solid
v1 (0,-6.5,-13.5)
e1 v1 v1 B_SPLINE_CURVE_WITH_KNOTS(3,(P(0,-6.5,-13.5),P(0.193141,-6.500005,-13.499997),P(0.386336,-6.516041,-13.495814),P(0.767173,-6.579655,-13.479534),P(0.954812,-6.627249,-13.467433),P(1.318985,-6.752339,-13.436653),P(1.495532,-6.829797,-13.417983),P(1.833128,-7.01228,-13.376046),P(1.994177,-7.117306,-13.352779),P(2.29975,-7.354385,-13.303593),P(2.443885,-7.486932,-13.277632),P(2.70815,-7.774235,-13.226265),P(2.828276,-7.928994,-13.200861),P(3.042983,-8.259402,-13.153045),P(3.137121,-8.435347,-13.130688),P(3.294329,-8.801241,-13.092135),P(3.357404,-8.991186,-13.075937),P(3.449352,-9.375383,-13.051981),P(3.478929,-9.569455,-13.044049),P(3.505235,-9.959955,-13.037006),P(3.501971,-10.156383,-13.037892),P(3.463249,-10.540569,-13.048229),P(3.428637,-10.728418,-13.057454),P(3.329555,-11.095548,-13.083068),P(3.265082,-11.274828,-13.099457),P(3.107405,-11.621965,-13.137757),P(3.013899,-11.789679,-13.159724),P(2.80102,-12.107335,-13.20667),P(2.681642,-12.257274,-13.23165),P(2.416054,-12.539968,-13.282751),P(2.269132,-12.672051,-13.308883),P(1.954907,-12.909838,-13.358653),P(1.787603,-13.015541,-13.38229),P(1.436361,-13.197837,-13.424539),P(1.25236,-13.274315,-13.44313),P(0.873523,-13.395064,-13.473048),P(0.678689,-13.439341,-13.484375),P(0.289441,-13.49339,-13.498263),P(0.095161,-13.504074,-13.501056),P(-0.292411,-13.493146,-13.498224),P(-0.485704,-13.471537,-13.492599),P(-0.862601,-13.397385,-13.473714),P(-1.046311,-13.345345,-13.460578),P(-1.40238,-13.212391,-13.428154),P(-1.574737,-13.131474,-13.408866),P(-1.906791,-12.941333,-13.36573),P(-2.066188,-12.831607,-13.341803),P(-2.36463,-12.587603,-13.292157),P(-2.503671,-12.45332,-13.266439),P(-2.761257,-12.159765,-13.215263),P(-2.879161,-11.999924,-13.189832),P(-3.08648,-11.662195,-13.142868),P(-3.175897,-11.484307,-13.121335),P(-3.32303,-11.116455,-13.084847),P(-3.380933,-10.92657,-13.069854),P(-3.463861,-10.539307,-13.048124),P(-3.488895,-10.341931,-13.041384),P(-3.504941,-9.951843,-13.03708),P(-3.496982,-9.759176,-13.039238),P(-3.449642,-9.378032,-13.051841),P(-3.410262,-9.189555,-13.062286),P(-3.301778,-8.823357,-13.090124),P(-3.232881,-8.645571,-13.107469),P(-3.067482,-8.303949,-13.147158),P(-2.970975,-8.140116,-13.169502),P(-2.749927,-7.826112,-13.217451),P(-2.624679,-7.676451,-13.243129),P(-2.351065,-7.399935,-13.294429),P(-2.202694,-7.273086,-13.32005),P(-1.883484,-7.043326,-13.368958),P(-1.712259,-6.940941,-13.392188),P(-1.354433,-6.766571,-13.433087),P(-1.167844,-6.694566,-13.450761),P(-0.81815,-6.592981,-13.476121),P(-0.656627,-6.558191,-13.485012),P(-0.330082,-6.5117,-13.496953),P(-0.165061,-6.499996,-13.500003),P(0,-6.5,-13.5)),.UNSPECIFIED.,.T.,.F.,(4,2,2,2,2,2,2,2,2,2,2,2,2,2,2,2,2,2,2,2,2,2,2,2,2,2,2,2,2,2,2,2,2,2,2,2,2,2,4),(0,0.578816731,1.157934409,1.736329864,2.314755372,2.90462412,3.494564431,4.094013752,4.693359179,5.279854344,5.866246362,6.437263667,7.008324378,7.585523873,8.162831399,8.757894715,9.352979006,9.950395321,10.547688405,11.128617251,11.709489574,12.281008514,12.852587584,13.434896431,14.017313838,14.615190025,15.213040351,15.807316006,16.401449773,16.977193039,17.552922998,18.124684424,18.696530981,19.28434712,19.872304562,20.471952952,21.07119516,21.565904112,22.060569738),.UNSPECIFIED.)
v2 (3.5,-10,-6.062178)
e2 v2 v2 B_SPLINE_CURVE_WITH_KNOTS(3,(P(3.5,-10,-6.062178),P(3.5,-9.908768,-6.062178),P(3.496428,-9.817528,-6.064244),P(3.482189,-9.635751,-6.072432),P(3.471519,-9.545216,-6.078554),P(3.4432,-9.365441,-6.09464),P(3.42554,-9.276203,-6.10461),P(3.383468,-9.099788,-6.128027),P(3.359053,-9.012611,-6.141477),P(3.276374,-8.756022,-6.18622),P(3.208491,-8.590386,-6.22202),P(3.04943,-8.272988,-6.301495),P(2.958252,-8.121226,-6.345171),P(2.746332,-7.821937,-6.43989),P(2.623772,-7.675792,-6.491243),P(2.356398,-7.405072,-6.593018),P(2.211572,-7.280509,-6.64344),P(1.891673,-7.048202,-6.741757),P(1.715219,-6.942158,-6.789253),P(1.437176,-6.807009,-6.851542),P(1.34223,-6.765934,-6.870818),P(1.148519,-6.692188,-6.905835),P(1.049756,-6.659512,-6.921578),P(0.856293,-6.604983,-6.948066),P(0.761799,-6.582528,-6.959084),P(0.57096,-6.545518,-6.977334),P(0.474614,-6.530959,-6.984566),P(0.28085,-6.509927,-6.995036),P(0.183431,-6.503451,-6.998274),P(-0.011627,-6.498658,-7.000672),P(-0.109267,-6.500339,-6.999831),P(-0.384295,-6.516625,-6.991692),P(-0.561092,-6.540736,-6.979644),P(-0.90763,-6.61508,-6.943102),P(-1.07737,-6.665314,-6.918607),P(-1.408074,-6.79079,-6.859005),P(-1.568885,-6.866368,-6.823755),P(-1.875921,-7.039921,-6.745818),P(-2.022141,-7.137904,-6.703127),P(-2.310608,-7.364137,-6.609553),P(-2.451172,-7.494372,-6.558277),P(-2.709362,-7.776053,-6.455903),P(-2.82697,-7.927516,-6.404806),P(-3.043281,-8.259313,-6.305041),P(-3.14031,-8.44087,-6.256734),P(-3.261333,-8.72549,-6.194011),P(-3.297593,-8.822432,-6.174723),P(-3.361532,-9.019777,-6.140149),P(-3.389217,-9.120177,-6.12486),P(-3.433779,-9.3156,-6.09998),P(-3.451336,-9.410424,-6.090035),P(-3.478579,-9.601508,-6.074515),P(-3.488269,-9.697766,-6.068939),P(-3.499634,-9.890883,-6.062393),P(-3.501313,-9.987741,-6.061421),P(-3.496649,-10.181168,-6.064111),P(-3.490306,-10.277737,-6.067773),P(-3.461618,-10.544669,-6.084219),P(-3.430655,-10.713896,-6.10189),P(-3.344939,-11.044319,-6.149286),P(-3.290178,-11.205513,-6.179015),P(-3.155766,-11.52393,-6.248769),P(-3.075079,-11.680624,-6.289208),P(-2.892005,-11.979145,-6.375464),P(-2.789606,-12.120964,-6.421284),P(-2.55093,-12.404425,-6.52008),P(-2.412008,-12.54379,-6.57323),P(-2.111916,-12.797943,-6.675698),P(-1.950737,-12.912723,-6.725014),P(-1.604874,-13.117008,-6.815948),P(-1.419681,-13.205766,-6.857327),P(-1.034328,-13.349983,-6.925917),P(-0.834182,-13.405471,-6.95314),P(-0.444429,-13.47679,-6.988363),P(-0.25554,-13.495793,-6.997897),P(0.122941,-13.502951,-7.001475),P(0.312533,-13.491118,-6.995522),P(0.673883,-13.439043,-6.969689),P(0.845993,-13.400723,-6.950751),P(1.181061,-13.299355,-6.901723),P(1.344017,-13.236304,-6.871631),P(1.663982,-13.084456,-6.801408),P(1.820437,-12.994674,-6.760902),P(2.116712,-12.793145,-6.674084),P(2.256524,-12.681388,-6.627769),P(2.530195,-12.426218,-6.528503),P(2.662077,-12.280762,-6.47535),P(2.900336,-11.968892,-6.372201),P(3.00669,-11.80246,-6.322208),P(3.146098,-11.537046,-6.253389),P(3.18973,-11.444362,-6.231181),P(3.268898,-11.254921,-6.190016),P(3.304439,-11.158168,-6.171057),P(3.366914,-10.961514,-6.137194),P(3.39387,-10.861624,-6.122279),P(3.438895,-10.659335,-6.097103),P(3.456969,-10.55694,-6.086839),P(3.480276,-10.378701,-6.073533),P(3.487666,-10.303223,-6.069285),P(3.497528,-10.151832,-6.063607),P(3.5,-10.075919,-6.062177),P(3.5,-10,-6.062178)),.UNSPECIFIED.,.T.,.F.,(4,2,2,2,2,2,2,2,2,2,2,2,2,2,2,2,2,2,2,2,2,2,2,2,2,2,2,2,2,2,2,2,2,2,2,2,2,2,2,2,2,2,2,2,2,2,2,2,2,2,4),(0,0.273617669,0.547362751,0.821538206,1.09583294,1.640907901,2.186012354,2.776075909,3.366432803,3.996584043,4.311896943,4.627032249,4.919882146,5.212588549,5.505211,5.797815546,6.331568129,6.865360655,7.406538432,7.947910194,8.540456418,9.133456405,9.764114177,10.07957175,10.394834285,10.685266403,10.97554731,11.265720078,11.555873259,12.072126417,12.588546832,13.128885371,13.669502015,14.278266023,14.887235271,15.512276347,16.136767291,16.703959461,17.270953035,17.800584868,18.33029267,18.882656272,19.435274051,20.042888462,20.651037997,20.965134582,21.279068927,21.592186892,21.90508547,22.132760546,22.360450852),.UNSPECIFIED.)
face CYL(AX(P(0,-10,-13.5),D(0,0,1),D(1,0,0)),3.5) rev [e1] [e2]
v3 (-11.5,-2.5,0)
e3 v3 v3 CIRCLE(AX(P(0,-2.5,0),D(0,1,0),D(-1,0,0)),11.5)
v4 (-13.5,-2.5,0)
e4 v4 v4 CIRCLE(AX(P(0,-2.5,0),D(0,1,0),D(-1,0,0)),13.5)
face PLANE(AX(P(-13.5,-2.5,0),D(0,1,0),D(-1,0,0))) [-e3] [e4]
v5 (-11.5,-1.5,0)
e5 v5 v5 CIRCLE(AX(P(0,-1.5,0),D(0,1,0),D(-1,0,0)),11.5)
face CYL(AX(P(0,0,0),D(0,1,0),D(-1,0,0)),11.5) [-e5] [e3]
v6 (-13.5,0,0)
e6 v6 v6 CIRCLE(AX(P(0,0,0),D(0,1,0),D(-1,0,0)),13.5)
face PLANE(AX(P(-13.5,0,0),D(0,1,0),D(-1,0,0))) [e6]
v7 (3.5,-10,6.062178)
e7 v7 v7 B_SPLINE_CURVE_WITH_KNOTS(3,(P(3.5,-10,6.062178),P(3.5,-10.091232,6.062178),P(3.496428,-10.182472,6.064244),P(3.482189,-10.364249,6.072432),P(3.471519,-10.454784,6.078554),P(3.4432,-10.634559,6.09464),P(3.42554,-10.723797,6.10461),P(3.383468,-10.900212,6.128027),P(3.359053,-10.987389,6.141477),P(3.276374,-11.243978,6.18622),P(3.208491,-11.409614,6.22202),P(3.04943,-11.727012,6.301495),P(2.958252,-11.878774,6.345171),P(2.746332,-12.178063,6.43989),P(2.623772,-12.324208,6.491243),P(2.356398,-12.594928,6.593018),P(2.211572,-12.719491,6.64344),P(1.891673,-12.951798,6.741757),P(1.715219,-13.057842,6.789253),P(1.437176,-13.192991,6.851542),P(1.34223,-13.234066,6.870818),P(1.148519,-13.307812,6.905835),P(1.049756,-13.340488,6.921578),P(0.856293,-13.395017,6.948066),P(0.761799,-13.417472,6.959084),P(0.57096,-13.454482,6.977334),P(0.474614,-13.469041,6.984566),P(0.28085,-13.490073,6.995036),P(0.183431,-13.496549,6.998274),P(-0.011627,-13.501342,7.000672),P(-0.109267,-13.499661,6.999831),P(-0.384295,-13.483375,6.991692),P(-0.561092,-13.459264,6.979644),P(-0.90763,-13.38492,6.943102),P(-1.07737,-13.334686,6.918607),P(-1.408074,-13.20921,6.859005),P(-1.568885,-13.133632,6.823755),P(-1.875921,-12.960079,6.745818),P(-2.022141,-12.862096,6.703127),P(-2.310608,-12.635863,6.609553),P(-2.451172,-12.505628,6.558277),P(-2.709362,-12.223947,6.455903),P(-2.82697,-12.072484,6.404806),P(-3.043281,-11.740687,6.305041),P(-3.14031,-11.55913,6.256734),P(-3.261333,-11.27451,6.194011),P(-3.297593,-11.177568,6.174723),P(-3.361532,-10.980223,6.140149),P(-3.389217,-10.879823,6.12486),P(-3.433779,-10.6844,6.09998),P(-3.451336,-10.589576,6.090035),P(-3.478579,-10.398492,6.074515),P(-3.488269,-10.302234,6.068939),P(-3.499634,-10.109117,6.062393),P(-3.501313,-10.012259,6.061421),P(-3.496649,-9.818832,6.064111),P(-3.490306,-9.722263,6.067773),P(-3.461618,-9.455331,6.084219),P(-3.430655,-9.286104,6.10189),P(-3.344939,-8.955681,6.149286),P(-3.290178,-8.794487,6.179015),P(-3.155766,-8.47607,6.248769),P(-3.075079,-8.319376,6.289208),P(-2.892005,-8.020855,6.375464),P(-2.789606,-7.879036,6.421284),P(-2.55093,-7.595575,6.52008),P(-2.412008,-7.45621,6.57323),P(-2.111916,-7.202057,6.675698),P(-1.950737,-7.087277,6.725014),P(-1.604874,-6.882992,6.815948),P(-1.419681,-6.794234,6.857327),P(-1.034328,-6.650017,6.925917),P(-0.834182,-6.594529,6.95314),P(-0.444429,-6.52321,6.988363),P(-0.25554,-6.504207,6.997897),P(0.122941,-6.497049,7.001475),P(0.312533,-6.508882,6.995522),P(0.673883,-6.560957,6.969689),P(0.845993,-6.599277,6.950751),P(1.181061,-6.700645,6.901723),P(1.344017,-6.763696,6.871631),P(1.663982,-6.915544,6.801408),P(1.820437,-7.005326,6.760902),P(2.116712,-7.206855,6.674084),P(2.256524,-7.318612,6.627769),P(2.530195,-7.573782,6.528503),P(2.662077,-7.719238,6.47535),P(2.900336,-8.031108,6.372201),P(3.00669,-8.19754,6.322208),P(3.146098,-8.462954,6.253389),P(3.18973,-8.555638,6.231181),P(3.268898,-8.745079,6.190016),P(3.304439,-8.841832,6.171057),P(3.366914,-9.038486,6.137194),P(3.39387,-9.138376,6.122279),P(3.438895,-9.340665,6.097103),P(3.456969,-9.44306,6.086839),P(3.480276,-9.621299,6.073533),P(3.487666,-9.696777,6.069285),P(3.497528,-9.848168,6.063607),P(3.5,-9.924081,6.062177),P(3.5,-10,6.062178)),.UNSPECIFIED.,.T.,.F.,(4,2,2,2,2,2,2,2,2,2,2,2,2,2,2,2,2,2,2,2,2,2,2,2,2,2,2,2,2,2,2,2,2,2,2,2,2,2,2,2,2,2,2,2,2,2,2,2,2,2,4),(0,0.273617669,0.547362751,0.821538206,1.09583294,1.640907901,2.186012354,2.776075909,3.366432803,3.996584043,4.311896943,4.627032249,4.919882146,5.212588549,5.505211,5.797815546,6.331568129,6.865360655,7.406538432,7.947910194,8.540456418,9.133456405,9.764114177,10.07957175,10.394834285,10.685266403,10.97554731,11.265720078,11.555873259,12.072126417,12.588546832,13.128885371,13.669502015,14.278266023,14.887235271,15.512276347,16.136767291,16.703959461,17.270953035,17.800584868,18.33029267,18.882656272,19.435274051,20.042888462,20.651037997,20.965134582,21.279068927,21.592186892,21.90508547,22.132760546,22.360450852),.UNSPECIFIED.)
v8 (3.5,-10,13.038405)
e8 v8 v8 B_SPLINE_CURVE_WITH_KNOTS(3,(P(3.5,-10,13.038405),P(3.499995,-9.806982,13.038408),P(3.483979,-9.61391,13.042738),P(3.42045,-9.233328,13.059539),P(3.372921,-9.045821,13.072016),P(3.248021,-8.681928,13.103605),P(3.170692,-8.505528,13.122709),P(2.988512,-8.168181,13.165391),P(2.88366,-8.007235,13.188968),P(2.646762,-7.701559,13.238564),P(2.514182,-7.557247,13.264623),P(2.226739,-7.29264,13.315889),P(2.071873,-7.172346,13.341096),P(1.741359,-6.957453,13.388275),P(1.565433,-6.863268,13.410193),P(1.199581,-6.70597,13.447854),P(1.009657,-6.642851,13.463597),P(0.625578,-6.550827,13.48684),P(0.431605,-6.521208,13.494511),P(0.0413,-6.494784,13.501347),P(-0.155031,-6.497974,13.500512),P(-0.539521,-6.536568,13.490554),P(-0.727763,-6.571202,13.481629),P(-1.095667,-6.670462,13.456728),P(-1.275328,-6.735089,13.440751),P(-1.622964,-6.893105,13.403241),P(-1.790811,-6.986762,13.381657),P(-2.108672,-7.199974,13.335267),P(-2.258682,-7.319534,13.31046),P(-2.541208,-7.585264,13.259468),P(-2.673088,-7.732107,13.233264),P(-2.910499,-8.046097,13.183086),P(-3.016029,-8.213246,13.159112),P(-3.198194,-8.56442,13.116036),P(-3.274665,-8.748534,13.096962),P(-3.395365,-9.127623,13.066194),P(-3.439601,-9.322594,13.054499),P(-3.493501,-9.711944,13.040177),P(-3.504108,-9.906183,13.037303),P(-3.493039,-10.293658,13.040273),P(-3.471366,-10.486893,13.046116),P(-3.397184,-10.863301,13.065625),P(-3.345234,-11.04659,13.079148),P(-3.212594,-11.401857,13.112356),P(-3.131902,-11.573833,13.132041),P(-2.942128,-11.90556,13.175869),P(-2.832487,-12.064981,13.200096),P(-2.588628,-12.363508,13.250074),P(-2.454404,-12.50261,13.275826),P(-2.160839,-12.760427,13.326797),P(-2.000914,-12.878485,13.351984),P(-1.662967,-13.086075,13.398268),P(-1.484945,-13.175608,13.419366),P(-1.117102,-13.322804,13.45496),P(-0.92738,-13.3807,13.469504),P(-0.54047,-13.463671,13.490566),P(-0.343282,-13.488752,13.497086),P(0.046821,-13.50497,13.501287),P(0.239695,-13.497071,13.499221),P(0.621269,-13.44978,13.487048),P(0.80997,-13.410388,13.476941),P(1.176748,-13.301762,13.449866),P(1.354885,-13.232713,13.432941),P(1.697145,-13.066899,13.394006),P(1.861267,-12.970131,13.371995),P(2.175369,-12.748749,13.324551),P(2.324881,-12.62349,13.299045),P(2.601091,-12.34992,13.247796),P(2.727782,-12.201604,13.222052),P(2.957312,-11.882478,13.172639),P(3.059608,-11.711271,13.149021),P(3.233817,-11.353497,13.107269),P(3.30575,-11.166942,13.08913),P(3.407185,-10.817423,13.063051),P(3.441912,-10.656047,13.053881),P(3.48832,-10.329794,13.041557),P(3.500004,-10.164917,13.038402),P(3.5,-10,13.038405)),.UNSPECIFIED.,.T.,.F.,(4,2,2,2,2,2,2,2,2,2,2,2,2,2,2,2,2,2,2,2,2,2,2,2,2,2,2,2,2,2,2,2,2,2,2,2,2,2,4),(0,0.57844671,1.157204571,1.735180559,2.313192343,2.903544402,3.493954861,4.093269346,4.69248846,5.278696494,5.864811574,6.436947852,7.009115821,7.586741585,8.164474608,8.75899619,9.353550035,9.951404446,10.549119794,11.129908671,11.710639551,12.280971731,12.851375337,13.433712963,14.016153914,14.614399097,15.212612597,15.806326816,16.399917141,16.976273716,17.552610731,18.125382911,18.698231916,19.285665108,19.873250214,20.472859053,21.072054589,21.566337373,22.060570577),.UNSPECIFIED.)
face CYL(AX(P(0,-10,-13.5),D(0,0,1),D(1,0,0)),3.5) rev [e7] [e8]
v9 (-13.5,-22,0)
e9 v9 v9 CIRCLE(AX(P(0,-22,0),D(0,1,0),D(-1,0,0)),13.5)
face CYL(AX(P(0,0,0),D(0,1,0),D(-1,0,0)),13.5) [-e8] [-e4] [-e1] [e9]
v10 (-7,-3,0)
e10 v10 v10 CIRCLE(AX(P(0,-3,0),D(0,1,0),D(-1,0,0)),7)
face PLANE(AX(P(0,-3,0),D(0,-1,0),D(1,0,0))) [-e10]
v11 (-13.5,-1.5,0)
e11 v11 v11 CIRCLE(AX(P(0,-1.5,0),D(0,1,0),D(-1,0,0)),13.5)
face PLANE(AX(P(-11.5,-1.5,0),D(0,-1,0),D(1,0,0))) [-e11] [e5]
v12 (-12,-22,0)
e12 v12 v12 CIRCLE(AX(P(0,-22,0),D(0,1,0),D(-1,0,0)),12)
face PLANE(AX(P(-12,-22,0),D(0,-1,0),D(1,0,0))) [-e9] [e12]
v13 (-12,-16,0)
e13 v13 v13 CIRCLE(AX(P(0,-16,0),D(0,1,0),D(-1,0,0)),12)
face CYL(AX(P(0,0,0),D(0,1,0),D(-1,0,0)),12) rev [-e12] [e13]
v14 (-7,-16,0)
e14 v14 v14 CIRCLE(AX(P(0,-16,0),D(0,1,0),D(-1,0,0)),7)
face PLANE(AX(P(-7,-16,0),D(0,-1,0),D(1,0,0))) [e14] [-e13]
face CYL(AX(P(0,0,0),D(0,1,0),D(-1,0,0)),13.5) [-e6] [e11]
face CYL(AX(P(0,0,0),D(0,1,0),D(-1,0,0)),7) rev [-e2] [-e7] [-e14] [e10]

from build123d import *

# Parameters (mm, degrees)
ESQUISSE2_R                  = 3.5
ENL_V_MAT_EXTRU_1_DEPTH      = 14.5
ENL_V_MAT_EXTRU_1_DEPTH_BACK = 14.5


with BuildPart() as part:
    # Esquisse1 → Révolution1 (revolve)
    with BuildSketch(Plane.XY):
        Polygon((0, 0), (0, -3), (-7, -3), (-7, -16), (-12, -16), (-12, -22), (-13.5, -22), (-13.5, -2.5), (-11.5, -2.5), (-11.5, -1.5), (-13.5, -1.5), (-13.5, 0), align=None)
    revolve(axis=Axis((0, 0, 0), (0, -1, 0)))

    # Esquisse2 → Enlèv. mat.-Extru.1 (cut, two sides)
    with BuildSketch(Plane.XY) as enl_v_mat_extru_1_sk:
        with Locations((0, -10)):
            Circle(ESQUISSE2_R)
    extrude(amount=ENL_V_MAT_EXTRU_1_DEPTH, mode=Mode.SUBTRACT)
    extrude(enl_v_mat_extru_1_sk.sketch, amount=-ENL_V_MAT_EXTRU_1_DEPTH_BACK, mode=Mode.SUBTRACT)


solid = part.part
